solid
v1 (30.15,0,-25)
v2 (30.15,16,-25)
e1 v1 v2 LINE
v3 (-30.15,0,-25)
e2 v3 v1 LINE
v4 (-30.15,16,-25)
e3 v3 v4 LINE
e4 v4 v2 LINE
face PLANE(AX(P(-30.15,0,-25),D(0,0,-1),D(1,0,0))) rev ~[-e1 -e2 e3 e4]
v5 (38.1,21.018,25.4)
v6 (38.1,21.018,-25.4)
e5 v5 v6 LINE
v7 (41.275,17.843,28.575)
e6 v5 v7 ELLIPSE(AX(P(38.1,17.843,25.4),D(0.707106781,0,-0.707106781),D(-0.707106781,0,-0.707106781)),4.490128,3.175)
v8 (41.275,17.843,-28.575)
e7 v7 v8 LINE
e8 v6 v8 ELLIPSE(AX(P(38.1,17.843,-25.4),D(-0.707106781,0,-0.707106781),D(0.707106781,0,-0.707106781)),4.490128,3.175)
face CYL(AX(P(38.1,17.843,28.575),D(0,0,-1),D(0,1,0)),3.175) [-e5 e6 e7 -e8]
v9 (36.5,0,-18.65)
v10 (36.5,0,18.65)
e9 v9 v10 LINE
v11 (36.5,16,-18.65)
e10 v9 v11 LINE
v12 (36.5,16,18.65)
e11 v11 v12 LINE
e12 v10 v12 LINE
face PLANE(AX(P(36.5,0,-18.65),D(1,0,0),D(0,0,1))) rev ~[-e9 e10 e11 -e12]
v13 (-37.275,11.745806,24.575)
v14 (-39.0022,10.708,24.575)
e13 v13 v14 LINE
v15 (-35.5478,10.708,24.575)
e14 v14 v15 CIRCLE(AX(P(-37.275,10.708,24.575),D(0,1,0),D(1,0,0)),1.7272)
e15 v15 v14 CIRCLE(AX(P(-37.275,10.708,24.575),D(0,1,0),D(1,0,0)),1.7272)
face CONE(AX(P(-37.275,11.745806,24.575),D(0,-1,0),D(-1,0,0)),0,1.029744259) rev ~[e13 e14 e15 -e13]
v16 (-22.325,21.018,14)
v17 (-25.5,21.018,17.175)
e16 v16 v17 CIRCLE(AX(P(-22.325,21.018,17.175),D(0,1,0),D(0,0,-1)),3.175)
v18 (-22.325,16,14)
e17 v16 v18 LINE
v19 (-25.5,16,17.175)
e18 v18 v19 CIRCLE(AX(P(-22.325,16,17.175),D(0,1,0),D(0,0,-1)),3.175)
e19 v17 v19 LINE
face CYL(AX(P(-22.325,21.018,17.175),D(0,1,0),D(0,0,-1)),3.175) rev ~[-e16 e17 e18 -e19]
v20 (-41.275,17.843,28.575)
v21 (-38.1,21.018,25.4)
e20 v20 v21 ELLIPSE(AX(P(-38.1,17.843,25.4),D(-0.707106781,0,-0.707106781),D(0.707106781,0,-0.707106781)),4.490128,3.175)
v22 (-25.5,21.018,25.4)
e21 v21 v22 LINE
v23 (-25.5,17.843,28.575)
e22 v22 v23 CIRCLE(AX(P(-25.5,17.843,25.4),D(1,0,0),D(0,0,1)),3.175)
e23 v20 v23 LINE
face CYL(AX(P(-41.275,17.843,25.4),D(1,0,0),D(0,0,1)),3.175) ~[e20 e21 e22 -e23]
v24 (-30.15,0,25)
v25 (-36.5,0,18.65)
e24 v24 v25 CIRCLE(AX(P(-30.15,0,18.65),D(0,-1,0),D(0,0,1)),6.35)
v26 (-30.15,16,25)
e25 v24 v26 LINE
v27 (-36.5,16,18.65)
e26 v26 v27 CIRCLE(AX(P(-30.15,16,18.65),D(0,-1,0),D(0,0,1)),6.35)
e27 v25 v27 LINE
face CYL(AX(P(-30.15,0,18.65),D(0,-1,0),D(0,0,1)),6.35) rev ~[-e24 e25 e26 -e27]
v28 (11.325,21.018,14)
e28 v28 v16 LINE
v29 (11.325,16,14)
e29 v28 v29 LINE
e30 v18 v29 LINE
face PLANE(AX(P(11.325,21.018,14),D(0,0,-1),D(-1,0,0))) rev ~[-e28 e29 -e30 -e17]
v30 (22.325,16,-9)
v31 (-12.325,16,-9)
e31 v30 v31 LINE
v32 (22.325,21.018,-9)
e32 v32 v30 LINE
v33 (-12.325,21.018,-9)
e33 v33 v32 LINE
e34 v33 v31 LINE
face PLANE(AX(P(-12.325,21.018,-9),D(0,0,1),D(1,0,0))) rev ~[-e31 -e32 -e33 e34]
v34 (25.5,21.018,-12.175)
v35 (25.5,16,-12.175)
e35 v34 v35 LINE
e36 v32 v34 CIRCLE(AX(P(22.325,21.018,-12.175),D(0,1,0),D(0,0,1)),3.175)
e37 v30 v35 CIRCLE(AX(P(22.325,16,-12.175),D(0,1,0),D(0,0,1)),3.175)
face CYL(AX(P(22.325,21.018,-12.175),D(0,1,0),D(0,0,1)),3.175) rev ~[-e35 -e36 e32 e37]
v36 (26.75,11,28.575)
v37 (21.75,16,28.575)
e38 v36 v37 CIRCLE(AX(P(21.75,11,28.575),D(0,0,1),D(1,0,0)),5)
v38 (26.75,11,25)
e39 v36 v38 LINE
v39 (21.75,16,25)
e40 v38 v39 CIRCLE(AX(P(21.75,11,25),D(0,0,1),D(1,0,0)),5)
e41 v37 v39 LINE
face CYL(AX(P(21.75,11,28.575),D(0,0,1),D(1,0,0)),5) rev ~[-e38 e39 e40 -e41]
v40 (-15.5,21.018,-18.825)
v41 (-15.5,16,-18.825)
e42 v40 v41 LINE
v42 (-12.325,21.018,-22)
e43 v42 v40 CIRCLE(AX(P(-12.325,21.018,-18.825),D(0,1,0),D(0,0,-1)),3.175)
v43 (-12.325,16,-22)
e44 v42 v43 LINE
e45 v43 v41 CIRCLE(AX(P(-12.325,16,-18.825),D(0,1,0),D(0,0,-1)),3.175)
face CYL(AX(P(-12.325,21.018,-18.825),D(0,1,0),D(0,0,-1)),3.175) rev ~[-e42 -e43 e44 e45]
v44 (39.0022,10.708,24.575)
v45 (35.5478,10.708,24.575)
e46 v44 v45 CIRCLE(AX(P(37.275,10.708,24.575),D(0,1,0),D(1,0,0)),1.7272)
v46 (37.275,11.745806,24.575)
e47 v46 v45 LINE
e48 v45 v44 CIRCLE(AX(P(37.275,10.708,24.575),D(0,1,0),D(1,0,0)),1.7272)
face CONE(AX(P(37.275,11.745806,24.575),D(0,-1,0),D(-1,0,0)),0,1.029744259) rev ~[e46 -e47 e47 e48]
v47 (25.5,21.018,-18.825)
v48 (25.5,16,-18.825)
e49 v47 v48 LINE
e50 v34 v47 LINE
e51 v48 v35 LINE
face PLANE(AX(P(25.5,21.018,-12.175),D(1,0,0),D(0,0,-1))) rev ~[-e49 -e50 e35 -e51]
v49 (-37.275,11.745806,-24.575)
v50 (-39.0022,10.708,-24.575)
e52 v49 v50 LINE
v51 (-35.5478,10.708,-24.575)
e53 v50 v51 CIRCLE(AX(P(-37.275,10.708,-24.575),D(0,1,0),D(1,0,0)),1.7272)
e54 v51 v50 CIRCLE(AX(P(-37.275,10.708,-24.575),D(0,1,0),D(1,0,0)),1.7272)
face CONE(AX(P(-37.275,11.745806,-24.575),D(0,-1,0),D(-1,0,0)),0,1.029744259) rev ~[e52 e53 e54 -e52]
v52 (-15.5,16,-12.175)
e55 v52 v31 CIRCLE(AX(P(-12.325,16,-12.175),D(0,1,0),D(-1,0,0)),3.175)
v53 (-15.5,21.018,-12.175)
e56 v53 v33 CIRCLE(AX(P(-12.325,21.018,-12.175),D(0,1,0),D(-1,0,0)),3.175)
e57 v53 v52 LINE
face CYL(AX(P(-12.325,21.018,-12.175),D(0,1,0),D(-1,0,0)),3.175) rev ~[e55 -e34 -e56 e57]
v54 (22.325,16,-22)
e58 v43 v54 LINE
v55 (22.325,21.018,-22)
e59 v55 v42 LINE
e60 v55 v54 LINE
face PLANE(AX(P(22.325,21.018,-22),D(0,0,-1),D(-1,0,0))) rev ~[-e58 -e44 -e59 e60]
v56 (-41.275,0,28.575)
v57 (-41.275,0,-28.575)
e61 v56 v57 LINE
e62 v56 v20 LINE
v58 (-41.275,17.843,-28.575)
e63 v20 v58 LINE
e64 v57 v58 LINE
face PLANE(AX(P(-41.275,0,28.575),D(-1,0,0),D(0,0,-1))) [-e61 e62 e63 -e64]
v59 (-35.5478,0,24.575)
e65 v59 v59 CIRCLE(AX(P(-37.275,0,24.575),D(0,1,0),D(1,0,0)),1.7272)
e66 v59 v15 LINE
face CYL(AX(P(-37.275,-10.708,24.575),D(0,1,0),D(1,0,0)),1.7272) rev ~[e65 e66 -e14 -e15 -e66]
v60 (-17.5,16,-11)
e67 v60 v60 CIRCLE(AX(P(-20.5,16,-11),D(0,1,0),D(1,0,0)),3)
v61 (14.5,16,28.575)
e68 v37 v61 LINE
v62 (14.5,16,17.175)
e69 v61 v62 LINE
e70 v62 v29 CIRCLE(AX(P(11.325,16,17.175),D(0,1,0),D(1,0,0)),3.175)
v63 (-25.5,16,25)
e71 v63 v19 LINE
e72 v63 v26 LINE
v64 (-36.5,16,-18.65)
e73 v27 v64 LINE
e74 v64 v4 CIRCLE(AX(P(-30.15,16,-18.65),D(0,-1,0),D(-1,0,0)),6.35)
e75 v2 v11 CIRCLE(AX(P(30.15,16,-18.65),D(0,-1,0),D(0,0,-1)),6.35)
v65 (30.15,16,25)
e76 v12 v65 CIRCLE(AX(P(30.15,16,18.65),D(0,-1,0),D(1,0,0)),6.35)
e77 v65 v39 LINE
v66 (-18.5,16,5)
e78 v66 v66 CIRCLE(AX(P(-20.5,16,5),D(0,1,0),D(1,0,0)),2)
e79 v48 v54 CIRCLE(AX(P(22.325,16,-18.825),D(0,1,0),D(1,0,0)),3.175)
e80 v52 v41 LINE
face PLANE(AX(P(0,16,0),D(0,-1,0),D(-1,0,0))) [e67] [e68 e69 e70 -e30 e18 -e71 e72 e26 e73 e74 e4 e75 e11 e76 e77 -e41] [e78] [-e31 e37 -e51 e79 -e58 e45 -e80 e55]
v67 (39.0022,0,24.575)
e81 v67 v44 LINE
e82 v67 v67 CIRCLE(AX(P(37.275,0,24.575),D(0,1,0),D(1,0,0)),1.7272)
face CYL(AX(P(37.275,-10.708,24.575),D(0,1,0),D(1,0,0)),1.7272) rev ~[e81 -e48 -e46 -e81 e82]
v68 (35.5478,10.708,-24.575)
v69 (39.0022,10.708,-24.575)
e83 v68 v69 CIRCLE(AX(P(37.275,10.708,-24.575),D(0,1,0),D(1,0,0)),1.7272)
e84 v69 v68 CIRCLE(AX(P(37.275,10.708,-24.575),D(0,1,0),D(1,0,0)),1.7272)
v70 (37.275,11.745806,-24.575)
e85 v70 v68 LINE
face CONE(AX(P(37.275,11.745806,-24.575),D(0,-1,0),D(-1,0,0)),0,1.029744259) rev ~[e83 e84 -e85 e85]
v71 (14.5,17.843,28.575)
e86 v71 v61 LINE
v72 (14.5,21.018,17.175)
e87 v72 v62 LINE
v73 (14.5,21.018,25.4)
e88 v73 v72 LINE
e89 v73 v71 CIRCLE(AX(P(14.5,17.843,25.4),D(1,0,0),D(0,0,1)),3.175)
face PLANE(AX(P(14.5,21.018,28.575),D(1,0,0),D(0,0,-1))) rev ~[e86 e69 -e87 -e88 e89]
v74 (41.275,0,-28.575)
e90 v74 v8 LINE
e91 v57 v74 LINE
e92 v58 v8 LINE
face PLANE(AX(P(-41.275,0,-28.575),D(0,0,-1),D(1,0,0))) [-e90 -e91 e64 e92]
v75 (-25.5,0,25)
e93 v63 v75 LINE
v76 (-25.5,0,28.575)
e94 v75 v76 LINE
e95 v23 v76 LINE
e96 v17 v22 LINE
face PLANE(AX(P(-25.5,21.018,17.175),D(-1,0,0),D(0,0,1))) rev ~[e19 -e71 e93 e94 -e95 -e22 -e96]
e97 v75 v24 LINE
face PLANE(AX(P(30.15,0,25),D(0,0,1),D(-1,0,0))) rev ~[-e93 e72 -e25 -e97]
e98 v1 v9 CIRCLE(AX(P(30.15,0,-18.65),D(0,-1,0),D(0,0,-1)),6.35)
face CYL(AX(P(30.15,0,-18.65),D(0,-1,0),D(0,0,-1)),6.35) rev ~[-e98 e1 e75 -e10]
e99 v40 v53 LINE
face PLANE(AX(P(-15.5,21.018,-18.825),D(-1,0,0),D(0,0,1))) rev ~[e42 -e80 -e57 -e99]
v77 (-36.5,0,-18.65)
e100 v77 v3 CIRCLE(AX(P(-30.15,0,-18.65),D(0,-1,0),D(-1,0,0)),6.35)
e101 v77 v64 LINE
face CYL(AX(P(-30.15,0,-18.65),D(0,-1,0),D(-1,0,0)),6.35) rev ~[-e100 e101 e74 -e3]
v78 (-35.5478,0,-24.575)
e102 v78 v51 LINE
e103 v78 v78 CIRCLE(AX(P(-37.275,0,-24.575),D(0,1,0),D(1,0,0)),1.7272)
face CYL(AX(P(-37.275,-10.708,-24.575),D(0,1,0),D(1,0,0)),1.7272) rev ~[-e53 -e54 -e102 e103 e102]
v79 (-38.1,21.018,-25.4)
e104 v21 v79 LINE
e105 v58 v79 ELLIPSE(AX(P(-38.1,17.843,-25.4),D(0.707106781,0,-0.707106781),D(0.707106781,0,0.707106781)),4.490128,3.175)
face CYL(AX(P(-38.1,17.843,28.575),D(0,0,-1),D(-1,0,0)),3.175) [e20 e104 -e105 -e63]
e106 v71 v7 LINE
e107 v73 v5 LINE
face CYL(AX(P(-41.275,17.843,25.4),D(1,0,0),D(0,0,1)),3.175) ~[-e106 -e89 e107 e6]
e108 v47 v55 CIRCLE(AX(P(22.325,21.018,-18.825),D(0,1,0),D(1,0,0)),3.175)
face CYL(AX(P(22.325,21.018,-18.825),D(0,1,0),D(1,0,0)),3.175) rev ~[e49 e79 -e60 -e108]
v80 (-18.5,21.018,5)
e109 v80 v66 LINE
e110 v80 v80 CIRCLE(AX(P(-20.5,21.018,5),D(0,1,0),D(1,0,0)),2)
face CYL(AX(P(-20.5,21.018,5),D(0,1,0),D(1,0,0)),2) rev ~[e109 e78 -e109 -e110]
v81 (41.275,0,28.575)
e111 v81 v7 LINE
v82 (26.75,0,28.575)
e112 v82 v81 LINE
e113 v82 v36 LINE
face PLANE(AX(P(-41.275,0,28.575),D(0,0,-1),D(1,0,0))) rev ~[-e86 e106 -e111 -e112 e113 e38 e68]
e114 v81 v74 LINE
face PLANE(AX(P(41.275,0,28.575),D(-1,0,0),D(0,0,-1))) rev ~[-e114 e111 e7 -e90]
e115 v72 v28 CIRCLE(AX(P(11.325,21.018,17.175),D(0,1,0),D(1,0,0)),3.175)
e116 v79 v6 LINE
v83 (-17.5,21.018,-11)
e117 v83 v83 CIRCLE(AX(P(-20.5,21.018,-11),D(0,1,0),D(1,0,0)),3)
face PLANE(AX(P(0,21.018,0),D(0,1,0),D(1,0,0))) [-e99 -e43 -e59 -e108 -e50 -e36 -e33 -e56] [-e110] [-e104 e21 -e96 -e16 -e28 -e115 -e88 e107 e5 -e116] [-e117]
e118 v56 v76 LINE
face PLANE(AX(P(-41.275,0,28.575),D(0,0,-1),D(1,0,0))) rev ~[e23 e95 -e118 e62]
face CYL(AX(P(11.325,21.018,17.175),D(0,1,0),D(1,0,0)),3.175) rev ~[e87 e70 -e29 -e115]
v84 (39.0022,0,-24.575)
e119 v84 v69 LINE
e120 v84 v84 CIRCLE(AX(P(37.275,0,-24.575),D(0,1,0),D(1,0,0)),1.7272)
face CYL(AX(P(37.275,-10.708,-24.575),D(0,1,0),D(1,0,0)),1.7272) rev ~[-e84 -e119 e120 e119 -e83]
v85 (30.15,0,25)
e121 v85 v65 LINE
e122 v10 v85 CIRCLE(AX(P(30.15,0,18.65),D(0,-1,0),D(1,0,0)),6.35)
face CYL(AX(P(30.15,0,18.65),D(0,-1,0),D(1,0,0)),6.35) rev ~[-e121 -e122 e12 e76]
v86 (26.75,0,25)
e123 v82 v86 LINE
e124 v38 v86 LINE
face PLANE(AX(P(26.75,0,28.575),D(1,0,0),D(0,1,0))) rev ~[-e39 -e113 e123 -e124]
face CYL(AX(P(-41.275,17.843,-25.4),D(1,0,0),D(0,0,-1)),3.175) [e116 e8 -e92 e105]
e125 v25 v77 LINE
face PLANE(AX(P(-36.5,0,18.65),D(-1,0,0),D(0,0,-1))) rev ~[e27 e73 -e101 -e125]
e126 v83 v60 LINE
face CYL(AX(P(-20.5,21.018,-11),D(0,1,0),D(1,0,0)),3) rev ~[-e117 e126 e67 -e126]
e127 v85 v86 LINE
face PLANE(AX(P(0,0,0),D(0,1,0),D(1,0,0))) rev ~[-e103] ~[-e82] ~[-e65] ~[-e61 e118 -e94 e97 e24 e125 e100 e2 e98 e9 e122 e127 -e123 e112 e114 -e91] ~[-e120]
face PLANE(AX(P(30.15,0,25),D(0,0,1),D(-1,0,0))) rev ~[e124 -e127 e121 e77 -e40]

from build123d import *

# Parameters (mm, degrees)
SKETCH1_W                 = 82.55
SKETCH1_H                 = 57.15
BOSS_EXTRUDE1_DEPTH       = 21.018
CUT_EXTRUDE1_DEPTH        = 16
F_8_32_TAPPED_HOLE1_D     = 3.4544
F_8_32_TAPPED_HOLE1_DEPTH = 10.708
F_8_32_TAPPED_HOLE1_TIP   = 1.037806461
FILLET1_R                 = 3.175
SKETCH6_R                 = 3
SKETCH6_R_2               = 2
CUT_EXTRUDE2_DEPTH        = 22.018
CUT_EXTRUDE3_REACH        = 59.15


with BuildPart() as part:
    # Sketch1 → Boss-Extrude1 (new body)
    with BuildSketch(Plane(origin=(0, 0, 0), x_dir=(1, 0, 0), z_dir=(0, 1, 0))):
        Rectangle(SKETCH1_W, SKETCH1_H)
    extrude(amount=BOSS_EXTRUDE1_DEPTH)

    # Sketch2 → Cut-Extrude1 (cut)
    with BuildSketch(Plane(origin=(0, 0, 0), x_dir=(1, 0, 0), z_dir=(0, 1, 0))):
        with BuildLine():
            Line((30.15, -25), (-30.15, -25))
            ThreePointArc((-30.15, -25), (-34.640128061, -23.140128061), (-36.5, -18.65))
            Line((-36.5, -18.65), (-36.5, 18.65))
            ThreePointArc((-36.5, 18.65), (-34.640128061, 23.140128061), (-30.15, 25))
            Line((-30.15, 25), (30.15, 25))
            ThreePointArc((30.15, 25), (34.640128061, 23.140128061), (36.5, 18.65))
            Line((36.5, 18.65), (36.5, -18.65))
            ThreePointArc((36.5, -18.65), (34.640128061, -23.140128061), (30.15, -25))
        make_face()
    extrude(amount=CUT_EXTRUDE1_DEPTH, mode=Mode.SUBTRACT)

    # #8-32 Tapped Hole1
    with Locations(Plane(origin=(0, 0, 0), x_dir=(-1, 0, 0), z_dir=(0, -1, 0))):
        with Locations((37.275, -24.575), (37.275, 24.575), (-37.275, -24.575), (-37.275, 24.575)):
            Hole(F_8_32_TAPPED_HOLE1_D / 2, depth=F_8_32_TAPPED_HOLE1_DEPTH)
            with Locations((0, 0, -(F_8_32_TAPPED_HOLE1_DEPTH + F_8_32_TAPPED_HOLE1_TIP / 2))):  # 118° drill point
                Cone(0, F_8_32_TAPPED_HOLE1_D / 2, F_8_32_TAPPED_HOLE1_TIP, mode=Mode.SUBTRACT)

    # Fillet1
    fillet1_edges = [part.edges().sort_by_distance(p)[0] for p in [
        (41.275, 21.018, 0),
        (0, 21.018, -28.575),
        (-41.275, 21.018, 0),
        (0, 21.018, 28.575),
    ]]
    fillet(fillet1_edges, radius=FILLET1_R)

    # Sketch6 → Cut-Extrude2 (cut, through all)
    with BuildSketch(Plane(origin=(0, 21.018, 0), x_dir=(1, 0, 0), z_dir=(0, 1, 0))):
        with Locations((-20.5, 11)):
            Circle(SKETCH6_R)
        with Locations((-20.5, -5)):
            Circle(SKETCH6_R_2)
        with BuildLine():
            Line((-12.325, 9), (22.325, 9))
            ThreePointArc((22.325, 9), (24.57006403, 9.92993597), (25.5, 12.175))
            Line((25.5, 12.175), (25.5, 18.825))
            ThreePointArc((25.5, 18.825), (24.57006403, 21.07006403), (22.325, 22))
            Line((22.325, 22), (-12.325, 22))
            ThreePointArc((-12.325, 22), (-14.57006403, 21.07006403), (-15.5, 18.825))
            Line((-15.5, 18.825), (-15.5, 12.175))
            ThreePointArc((-15.5, 12.175), (-14.57006403, 9.92993597), (-12.325, 9))
        make_face()
        with BuildLine():
            Line((-25.5, -28.575), (14.5, -28.575))
            Line((14.5, -28.575), (14.5, -17.175))
            ThreePointArc((14.5, -17.175), (13.57006403, -14.92993597), (11.325, -14))
            Line((11.325, -14), (-22.325, -14))
            ThreePointArc((-22.325, -14), (-24.57006403, -14.92993597), (-25.5, -17.175))
            Line((-25.5, -17.175), (-25.5, -28.575))
        make_face()
    extrude(amount=-CUT_EXTRUDE2_DEPTH, mode=Mode.SUBTRACT)

    # Sketch7 → Cut-Extrude3 (cut, up to next)
    with BuildSketch(Plane.XY.offset(28.575), mode=Mode.PRIVATE) as cut_extrude3_sk1:
        with BuildLine():
            Line((21.75, 16), (14.5, 16))
            Line((14.5, 16), (14.5, 0))
            Line((14.5, 0), (26.75, 0))
            Line((26.75, 0), (26.75, 11))
            ThreePointArc((26.75, 11), (25.285533906, 14.535533906), (21.75, 16))
        make_face()
    cut_extrude3_tool1 = extrude(cut_extrude3_sk1.sketch, amount=-CUT_EXTRUDE3_REACH, mode=Mode.PRIVATE) & part.part
    add(cut_extrude3_tool1.solids().sort_by_distance((20.484055, 7.806287, 28.575))[0], mode=Mode.SUBTRACT)


solid = part.part
